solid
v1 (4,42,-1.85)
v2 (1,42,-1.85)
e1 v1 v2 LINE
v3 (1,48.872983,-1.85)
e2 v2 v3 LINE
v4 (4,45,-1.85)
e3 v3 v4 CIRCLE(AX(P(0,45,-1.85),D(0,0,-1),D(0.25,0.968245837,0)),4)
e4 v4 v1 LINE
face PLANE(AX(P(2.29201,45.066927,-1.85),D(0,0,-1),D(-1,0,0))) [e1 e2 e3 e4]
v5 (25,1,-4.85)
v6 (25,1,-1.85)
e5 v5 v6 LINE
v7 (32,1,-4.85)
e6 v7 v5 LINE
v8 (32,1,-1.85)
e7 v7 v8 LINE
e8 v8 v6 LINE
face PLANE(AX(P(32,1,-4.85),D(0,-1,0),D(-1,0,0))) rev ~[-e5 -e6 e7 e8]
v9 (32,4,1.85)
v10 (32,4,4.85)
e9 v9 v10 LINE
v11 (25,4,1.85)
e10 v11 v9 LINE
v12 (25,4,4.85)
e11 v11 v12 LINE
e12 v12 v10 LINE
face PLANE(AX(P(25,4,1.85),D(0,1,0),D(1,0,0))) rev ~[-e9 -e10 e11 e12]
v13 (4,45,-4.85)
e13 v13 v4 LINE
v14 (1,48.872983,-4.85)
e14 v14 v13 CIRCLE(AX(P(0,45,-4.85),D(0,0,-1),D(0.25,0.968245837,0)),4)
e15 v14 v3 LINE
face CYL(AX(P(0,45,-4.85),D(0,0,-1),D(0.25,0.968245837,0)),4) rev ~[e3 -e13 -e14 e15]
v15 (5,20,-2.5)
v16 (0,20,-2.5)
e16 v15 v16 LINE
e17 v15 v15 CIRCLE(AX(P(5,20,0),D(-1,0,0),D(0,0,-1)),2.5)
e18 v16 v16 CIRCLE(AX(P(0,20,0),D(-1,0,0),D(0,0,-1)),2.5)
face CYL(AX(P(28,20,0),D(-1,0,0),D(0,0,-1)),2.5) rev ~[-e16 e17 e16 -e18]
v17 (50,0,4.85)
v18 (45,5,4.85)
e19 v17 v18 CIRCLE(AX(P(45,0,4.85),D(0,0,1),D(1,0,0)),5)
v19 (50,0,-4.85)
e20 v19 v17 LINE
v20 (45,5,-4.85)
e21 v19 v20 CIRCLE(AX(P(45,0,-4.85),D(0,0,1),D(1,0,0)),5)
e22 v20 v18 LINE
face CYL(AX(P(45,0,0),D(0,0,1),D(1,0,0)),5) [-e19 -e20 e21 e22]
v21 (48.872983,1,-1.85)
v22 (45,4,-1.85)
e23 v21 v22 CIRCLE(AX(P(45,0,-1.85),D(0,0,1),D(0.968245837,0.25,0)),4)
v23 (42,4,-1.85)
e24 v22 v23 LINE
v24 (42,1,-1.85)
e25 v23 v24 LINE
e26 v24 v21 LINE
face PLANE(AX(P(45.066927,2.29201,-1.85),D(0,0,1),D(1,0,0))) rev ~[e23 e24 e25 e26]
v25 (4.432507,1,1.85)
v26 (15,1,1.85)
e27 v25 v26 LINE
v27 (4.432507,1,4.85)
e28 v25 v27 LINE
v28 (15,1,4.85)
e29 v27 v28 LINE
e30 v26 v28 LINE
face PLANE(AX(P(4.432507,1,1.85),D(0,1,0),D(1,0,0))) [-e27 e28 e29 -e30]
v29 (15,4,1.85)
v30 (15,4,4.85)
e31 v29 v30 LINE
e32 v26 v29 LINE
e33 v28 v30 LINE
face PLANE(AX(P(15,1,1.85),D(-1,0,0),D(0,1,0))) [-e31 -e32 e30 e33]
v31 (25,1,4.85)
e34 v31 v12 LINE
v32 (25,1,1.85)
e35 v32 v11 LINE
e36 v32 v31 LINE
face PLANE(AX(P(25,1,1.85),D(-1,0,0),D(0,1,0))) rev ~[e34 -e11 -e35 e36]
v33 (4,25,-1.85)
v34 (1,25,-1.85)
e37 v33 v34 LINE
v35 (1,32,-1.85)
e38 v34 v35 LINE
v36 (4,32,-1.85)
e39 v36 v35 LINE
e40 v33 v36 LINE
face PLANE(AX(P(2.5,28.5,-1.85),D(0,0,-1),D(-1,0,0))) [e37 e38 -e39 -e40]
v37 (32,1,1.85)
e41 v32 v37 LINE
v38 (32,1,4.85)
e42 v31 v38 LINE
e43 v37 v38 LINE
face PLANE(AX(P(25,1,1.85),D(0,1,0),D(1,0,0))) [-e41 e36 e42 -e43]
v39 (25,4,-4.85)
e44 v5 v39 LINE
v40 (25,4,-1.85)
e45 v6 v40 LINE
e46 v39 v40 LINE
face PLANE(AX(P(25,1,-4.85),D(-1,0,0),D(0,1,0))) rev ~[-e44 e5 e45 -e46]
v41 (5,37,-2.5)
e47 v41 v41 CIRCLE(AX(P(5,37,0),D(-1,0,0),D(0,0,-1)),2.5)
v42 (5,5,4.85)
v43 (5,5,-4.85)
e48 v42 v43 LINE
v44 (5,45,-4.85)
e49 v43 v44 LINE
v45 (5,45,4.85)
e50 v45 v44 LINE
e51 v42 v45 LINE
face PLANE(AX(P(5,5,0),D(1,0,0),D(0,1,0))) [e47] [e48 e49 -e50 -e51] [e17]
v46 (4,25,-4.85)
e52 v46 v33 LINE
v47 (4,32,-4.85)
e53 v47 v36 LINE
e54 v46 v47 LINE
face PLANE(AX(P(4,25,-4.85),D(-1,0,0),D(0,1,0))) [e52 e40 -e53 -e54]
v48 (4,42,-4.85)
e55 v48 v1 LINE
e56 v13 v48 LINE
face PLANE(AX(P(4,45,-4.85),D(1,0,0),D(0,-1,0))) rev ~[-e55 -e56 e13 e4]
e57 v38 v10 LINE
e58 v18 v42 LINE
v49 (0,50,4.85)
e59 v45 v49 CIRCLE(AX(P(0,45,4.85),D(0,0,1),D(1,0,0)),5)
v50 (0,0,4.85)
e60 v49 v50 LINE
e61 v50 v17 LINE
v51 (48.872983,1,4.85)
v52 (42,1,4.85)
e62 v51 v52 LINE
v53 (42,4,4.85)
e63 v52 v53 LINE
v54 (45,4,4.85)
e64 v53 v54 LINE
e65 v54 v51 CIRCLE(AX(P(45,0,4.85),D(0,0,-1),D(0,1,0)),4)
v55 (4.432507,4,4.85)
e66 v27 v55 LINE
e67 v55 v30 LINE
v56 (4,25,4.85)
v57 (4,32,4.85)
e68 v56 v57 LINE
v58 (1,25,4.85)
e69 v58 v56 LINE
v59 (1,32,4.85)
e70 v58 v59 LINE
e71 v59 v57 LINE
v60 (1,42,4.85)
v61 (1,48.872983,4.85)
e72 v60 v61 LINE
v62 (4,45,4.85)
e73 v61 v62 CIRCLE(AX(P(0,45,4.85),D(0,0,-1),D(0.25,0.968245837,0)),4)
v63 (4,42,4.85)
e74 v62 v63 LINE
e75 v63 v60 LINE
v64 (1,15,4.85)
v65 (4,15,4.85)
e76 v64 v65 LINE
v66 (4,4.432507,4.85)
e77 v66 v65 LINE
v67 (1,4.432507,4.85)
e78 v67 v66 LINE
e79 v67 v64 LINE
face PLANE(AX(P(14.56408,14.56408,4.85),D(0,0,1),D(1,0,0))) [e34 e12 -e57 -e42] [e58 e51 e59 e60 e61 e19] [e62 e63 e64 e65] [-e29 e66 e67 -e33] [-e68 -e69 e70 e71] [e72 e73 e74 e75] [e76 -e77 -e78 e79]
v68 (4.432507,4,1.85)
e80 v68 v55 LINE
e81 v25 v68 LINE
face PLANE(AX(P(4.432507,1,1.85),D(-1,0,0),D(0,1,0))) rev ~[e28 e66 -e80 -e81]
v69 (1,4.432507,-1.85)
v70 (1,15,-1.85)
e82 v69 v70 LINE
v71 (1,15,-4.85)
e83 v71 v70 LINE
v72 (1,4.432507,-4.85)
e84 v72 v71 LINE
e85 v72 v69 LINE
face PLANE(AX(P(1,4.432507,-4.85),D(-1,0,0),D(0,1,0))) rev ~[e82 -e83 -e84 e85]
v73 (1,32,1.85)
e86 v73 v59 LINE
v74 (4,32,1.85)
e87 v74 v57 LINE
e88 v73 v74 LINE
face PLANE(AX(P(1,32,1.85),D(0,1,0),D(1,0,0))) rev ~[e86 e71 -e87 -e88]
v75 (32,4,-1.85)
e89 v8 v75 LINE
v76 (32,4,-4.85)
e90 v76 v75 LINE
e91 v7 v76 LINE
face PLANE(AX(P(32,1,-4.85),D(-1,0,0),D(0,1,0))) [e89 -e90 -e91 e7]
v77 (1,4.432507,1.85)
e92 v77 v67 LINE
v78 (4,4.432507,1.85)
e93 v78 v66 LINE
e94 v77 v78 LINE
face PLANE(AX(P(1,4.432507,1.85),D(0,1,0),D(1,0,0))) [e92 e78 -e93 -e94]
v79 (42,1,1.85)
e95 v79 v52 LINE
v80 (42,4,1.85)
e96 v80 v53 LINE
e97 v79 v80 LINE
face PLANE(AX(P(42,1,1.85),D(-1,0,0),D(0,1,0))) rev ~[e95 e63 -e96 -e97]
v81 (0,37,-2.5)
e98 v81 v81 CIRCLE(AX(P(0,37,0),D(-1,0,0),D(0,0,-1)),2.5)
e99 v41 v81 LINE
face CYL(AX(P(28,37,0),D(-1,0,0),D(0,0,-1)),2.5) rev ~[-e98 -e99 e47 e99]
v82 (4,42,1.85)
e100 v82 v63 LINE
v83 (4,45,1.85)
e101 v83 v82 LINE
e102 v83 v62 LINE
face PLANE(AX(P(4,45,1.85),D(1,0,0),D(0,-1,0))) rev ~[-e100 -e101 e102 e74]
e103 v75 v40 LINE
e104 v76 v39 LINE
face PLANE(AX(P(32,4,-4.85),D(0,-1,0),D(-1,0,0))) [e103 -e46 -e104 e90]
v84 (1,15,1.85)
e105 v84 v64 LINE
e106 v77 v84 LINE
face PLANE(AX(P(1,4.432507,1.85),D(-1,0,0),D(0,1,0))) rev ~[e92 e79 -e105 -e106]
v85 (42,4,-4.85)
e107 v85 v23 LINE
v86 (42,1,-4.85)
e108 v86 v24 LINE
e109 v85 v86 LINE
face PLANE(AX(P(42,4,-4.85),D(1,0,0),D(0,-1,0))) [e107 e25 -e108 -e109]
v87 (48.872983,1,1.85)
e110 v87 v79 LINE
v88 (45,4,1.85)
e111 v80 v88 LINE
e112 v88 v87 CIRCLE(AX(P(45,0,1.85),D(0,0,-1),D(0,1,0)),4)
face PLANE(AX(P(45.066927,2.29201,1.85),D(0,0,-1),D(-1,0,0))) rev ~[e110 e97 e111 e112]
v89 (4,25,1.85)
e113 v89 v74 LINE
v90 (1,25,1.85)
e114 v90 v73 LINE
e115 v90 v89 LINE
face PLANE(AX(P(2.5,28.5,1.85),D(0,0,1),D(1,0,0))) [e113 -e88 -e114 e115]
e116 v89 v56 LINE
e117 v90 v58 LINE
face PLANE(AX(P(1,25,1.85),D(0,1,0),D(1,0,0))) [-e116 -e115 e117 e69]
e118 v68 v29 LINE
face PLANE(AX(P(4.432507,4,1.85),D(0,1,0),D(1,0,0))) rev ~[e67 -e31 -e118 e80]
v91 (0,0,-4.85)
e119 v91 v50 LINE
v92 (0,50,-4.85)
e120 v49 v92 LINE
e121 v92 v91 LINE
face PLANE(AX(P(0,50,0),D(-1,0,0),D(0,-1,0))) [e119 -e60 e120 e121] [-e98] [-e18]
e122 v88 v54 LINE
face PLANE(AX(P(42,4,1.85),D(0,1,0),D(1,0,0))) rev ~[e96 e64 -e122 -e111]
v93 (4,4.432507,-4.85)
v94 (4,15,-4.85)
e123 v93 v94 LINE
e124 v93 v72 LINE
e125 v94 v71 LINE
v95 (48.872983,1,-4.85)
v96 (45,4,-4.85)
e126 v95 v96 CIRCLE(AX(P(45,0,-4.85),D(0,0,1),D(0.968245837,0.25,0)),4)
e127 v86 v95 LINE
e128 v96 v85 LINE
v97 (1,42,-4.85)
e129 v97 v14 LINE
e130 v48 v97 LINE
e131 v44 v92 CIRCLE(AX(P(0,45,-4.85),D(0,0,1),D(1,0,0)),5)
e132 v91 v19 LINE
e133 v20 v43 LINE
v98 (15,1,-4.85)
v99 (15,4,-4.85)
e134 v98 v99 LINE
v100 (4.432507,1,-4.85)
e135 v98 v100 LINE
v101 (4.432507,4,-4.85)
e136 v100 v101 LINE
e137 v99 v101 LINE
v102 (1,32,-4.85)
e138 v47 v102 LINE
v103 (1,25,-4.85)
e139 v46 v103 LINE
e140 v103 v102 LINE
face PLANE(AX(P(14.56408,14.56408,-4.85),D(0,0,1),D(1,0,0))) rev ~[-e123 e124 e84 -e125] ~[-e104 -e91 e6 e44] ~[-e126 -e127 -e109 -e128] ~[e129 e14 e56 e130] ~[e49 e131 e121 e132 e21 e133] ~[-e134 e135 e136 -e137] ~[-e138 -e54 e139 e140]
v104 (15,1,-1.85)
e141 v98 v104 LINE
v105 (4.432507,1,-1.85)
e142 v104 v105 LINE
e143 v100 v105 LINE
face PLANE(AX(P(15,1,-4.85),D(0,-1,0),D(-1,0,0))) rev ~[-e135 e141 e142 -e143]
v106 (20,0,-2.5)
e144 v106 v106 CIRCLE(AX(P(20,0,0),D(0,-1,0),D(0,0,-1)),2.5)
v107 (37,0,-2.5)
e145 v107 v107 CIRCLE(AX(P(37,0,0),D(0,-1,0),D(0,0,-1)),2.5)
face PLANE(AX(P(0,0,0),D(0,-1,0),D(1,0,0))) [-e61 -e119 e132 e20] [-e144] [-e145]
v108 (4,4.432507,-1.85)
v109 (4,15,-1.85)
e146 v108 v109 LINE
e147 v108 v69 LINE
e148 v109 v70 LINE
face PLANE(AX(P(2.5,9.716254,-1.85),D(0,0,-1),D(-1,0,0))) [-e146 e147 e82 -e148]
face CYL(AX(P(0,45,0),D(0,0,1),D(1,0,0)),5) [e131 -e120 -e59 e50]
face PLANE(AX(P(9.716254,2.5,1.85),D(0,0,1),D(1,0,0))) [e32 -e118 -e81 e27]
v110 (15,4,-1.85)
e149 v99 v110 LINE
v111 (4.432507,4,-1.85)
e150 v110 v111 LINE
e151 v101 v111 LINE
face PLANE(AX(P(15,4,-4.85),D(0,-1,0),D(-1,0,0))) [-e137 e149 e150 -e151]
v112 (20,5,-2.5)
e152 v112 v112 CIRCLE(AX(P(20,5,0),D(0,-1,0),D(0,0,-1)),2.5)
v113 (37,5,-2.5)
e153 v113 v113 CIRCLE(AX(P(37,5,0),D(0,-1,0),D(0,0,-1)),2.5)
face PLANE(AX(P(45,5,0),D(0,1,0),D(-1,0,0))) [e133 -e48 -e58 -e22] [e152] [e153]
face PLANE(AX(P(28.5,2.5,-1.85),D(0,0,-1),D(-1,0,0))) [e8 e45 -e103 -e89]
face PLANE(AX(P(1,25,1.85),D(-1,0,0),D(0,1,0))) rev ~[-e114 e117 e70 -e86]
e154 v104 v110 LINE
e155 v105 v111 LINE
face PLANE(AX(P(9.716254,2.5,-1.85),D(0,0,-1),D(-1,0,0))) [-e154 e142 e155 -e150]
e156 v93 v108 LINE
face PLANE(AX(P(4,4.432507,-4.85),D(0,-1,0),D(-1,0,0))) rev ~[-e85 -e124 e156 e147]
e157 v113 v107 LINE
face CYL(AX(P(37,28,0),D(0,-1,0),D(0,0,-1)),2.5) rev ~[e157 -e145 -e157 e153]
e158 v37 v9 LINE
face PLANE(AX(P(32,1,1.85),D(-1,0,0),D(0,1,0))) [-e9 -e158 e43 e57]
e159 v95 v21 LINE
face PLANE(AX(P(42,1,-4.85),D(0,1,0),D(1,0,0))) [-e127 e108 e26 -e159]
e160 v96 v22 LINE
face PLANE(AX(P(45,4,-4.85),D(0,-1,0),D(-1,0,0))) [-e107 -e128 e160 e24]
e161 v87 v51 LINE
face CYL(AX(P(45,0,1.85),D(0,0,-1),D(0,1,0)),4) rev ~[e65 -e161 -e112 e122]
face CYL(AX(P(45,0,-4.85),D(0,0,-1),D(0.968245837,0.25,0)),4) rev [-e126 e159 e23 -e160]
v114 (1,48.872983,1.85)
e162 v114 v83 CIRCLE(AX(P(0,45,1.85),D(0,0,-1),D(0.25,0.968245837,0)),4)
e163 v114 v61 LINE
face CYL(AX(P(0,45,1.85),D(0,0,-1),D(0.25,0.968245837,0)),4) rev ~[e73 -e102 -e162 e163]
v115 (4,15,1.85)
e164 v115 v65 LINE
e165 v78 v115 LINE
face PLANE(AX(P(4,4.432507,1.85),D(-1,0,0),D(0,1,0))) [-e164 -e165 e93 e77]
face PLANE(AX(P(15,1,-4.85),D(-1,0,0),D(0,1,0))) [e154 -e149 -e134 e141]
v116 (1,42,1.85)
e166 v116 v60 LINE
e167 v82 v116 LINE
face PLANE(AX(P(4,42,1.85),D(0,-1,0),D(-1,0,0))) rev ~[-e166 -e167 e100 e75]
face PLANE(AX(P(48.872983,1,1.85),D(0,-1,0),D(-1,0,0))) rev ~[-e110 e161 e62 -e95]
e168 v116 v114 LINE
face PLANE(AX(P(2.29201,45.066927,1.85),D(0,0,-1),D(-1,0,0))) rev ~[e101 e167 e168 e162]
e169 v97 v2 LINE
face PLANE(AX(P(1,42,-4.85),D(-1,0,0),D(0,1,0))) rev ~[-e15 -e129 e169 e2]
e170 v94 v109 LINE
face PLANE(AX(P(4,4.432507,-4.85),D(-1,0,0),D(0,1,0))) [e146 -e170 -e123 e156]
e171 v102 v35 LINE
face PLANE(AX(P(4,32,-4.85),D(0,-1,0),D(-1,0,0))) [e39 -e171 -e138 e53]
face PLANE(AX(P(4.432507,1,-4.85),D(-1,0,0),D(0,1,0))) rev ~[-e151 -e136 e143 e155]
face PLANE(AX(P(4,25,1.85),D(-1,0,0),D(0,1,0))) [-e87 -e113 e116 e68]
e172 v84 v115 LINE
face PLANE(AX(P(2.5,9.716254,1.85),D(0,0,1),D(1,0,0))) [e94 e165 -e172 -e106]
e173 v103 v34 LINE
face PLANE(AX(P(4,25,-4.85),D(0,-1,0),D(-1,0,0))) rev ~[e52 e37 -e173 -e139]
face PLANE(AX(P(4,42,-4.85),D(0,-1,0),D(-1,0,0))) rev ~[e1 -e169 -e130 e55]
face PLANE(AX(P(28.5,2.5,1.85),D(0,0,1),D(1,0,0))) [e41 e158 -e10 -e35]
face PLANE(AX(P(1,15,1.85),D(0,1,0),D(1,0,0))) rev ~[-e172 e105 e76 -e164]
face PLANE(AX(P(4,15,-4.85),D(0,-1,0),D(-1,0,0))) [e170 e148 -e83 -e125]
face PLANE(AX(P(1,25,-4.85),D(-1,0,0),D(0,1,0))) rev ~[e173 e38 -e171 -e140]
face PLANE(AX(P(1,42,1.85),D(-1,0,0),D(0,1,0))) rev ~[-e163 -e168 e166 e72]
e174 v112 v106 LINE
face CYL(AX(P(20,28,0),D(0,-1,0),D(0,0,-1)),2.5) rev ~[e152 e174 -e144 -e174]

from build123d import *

# Parameters (mm, degrees)
EXTRUDE_1_DEPTH        = 4.85
HOLE_WIZARD_M6_1_D     = 5
HOLE_WIZARD_M6_1_DEPTH = 23
HOLE_WIZARD_M6_1_TIP   = 1.502151548
HOLE_WIZARD_M6_2_D     = 5
HOLE_WIZARD_M6_2_DEPTH = 23
HOLE_WIZARD_M6_2_TIP   = 1.502151548
SKETCH_7_W             = 3
SKETCH_7_H             = 10.567492921
SKETCH_7_W_2           = 10.567492921
SKETCH_7_H_2           = 3
SKETCH_7_W_3           = 7
SKETCH_7_H_3           = 7
CUT_EXTRUDE_1_DEPTH    = 3
CUT_EXTRUDE_START      = -3
SKETCH_8_W             = 3
SKETCH_8_H             = 10.567492921
SKETCH_8_H_2           = 7
SKETCH_8_W_2           = 10.567492921
SKETCH_8_H_3           = 3
SKETCH_8_W_3           = 7
CUT_EXTRUDE_2_DEPTH    = 3


with BuildPart() as part:
    # 草图1 → 凸台-拉伸1 (new, symmetric)
    with BuildSketch(Plane.XY):
        with BuildLine():
            Line((0, 50), (0, 0))
            Line((0, 0), (50, 0))
            ThreePointArc((50, 0), (48.535533906, 3.535533906), (45, 5))
            Line((45, 5), (5, 5))
            Line((5, 5), (5, 45))
            ThreePointArc((5, 45), (3.535533906, 48.535533906), (0, 50))
        make_face()
    extrude(amount=EXTRUDE_1_DEPTH, both=True)

    # M6 螺纹孔1
    with Locations(Plane(origin=(5, 37, 0), x_dir=(0, 0, 1), z_dir=(1, 0, 0))):
        with Locations((0, 0), (0, 17)):
            Hole(HOLE_WIZARD_M6_1_D / 2, depth=HOLE_WIZARD_M6_1_DEPTH)
            with Locations((0, 0, -(HOLE_WIZARD_M6_1_DEPTH + HOLE_WIZARD_M6_1_TIP / 2))):  # 118° drill point
                Cone(0, HOLE_WIZARD_M6_1_D / 2, HOLE_WIZARD_M6_1_TIP, mode=Mode.SUBTRACT)

    # M6 螺纹孔2
    with Locations(Plane(origin=(20, 5, 0), x_dir=(0, 0, 1), z_dir=(0, 1, 0))):
        with Locations((0, 0), (0, 17)):
            Hole(HOLE_WIZARD_M6_2_D / 2, depth=HOLE_WIZARD_M6_2_DEPTH)
            with Locations((0, 0, -(HOLE_WIZARD_M6_2_DEPTH + HOLE_WIZARD_M6_2_TIP / 2))):  # 118° drill point
                Cone(0, HOLE_WIZARD_M6_2_D / 2, HOLE_WIZARD_M6_2_TIP, mode=Mode.SUBTRACT)

    # 草图7 → 切除-拉伸1 (cut)
    with BuildSketch(Plane(origin=(0, 0, -4.85), x_dir=(-1, 0, 0), z_dir=(0, 0, -1))):
        with Locations((-2.5, 9.71625354)):
            Rectangle(SKETCH_7_W, SKETCH_7_H)
        with Locations((-9.71625354, 2.5)):
            Rectangle(SKETCH_7_W_2, SKETCH_7_H_2)
        with BuildLine():
            Line((-4, 42), (-1, 42))
            Line((-1, 42), (-1, 48.872983346))
            ThreePointArc((-1, 48.872983346), (-3.16227766, 47.449489743), (-4, 45))
            Line((-4, 45), (-4, 42))
        make_face()
        with BuildLine():
            Line((-42, 4), (-42, 1))
            Line((-42, 1), (-48.872983346, 1))
            ThreePointArc((-48.872983346, 1), (-47.449489743, 3.16227766), (-45, 4))
            Line((-45, 4), (-42, 4))
        make_face()
        with Locations((-28.5, 2.5)):
            Rectangle(SKETCH_7_W_3, SKETCH_7_H_2)
        with Locations((-2.5, 28.5)):
            Rectangle(SKETCH_7_W, SKETCH_7_H_3)
    extrude(amount=-CUT_EXTRUDE_1_DEPTH, mode=Mode.SUBTRACT)

    # 草图8 → 切除-拉伸2 (cut)
    with BuildSketch(Plane.XY.offset(4.85).offset(CUT_EXTRUDE_START)):
        with BuildLine():
            Line((1, 42), (1, 48.872983346))
            ThreePointArc((1, 48.872983346), (3.16227766, 47.449489743), (4, 45))
            Line((4, 45), (4, 42))
            Line((4, 42), (1, 42))
        make_face()
        with BuildLine():
            Line((42, 4), (45, 4))
            ThreePointArc((45, 4), (47.449489743, 3.16227766), (48.872983346, 1))
            Line((48.872983346, 1), (42, 1))
            Line((42, 1), (42, 4))
        make_face()
        with Locations((2.5, 9.71625354)):
            Rectangle(SKETCH_8_W, SKETCH_8_H)
        with Locations((2.5, 28.5)):
            Rectangle(SKETCH_8_W, SKETCH_8_H_2)
        with Locations((9.71625354, 2.5)):
            Rectangle(SKETCH_8_W_2, SKETCH_8_H_3)
        with Locations((28.5, 2.5)):
            Rectangle(SKETCH_8_W_3, SKETCH_8_H_3)
    extrude(amount=CUT_EXTRUDE_2_DEPTH, mode=Mode.SUBTRACT)


solid = part.part
